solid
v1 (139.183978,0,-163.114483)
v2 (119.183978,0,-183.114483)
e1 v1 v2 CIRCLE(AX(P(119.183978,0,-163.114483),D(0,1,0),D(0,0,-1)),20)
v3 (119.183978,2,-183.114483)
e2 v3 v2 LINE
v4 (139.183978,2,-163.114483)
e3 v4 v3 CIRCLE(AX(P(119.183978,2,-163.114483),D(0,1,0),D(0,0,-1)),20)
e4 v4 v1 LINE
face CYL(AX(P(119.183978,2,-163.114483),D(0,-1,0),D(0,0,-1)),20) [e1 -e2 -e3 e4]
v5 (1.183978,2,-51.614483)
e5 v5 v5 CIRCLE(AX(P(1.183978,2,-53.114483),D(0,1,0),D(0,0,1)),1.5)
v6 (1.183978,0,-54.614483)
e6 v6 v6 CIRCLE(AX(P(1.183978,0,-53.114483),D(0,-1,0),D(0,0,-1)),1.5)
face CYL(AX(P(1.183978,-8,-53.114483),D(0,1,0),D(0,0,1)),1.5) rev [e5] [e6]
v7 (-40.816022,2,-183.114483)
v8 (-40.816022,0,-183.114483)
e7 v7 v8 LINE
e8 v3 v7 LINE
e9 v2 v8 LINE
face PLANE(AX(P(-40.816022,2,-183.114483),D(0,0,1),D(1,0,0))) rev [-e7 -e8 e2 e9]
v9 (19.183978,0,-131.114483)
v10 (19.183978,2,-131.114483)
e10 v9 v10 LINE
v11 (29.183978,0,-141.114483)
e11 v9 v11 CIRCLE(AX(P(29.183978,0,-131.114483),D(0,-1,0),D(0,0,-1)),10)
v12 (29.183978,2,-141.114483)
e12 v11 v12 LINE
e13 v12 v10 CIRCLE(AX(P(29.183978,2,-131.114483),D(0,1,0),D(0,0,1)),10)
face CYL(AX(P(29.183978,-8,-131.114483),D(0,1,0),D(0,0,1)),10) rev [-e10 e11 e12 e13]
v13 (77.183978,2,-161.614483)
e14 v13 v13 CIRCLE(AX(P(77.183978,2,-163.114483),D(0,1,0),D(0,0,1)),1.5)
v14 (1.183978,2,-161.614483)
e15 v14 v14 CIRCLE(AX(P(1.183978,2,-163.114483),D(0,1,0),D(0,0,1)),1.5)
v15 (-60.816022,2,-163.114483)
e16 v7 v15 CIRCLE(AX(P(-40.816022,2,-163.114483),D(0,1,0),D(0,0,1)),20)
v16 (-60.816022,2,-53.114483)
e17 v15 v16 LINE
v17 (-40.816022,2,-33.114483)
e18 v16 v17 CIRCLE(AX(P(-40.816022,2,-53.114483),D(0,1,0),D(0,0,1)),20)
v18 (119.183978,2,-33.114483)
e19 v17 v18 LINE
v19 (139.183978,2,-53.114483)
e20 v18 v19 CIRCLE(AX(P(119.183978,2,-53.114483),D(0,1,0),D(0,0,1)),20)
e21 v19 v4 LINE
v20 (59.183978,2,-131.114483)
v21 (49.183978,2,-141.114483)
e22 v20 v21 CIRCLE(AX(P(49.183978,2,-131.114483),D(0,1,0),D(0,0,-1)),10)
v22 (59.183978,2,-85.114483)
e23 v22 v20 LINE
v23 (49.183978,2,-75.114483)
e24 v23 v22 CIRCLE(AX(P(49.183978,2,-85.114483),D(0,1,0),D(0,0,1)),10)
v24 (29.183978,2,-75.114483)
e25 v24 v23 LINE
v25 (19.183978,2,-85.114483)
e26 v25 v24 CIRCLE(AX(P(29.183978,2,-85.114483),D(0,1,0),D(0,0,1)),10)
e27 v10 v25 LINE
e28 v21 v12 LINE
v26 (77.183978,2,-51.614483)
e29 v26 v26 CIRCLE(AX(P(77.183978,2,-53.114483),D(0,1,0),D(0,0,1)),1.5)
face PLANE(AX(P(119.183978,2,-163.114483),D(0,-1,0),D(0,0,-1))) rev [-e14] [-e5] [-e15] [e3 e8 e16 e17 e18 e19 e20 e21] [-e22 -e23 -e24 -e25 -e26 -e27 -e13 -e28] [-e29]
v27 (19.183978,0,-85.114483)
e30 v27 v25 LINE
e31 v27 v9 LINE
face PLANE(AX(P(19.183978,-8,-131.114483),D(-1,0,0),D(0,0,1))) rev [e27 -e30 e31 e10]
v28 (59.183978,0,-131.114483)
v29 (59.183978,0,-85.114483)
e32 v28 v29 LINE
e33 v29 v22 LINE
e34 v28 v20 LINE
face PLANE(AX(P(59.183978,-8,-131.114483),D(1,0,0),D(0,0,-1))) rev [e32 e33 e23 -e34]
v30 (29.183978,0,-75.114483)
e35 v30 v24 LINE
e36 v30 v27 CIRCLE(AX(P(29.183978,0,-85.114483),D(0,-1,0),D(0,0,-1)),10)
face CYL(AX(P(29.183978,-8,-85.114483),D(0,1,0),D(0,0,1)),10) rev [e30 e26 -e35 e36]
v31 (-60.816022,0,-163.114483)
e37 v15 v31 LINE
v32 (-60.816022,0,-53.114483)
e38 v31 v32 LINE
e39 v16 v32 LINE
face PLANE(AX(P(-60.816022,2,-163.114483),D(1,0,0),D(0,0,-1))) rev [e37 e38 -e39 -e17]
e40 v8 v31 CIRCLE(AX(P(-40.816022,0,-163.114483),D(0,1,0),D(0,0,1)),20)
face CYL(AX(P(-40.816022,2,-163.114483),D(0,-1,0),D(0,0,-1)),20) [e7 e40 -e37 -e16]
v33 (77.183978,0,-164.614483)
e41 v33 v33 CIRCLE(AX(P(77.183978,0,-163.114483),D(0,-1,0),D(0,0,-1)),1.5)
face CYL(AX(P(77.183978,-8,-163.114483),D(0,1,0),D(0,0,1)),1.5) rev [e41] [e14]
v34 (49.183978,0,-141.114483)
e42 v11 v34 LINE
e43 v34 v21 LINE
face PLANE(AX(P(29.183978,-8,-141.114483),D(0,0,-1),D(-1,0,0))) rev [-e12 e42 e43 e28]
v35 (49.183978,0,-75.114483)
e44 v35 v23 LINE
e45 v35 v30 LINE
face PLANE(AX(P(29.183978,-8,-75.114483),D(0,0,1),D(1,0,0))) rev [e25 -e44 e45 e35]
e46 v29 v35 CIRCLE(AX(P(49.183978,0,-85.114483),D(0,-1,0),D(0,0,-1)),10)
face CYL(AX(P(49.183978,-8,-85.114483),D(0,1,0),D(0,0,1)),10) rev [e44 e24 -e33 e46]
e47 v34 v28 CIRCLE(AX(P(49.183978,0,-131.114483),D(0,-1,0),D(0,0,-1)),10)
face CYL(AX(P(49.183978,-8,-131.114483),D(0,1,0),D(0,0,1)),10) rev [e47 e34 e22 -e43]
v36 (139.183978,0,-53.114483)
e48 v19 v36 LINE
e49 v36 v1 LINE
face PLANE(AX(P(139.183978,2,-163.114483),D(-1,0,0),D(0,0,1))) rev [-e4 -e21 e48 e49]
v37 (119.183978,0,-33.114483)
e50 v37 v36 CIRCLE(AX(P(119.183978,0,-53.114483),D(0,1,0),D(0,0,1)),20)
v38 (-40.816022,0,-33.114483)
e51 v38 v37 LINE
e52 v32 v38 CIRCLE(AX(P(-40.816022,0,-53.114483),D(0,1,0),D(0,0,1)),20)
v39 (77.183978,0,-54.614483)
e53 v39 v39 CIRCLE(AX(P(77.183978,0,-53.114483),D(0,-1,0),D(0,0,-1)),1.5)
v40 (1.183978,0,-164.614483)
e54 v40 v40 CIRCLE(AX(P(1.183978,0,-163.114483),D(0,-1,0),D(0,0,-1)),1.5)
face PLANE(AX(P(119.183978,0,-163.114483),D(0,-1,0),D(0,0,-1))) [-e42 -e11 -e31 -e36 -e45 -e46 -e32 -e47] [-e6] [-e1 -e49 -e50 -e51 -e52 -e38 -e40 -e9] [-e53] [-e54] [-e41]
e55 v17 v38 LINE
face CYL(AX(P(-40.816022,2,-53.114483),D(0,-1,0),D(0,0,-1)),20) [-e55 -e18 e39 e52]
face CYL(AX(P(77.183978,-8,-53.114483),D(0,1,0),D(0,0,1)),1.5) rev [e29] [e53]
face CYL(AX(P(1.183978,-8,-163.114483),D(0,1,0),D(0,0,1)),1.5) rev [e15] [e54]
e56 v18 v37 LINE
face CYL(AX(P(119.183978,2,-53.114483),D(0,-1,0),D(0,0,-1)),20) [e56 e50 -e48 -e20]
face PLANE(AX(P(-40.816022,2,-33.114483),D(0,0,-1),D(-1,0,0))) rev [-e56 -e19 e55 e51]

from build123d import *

# Parameters (mm, degrees)
RESSALTO_EXTRUS_O1_DEPTH = 2
ESBO_O2_R                = 1.5
CORTE_EXTRUS_O1_DEPTH    = 10
CORTE_EXTRUS_O2_DEPTH    = 10


with BuildPart() as part:
    # Esboço1 → Ressalto-extrusão1 (new body)
    with BuildSketch(Plane(origin=(0, 0, 0), x_dir=(1, 0, 0), z_dir=(0, 1, 0))):
        with BuildLine():
            Line((-40.816022398, 183.1144834), (119.183977602, 183.1144834))
            ThreePointArc((119.183977602, 183.1144834), (133.326113225, 177.256619024), (139.183977602, 163.1144834))
            Line((139.183977602, 163.1144834), (139.183977602, 53.1144834))
            ThreePointArc((139.183977602, 53.1144834), (133.326113225, 38.972347776), (119.183977602, 33.1144834))
            Line((119.183977602, 33.1144834), (-40.816022398, 33.1144834))
            ThreePointArc((-40.816022398, 33.1144834), (-54.958158022, 38.972347776), (-60.816022398, 53.1144834))
            Line((-60.816022398, 53.1144834), (-60.816022398, 163.1144834))
            ThreePointArc((-60.816022398, 163.1144834), (-54.958158022, 177.256619024), (-40.816022398, 183.1144834))
        make_face()
    extrude(amount=RESSALTO_EXTRUS_O1_DEPTH)

    # Esboço2 → Corte-extrusão1 (cut)
    with BuildSketch(Plane(origin=(0, 2, 0), x_dir=(1, 0, 0), z_dir=(0, 1, 0))):
        with Locations(Location((1.183977602, 163.1144834, 0), (0, 0, 270))):
            Circle(ESBO_O2_R)
        with Locations(Location((77.183977602, 163.1144834, 0), (0, 0, 270))):
            Circle(ESBO_O2_R)
        with Locations(Location((77.183977602, 53.1144834, 0), (0, 0, 270))):
            Circle(ESBO_O2_R)
        with Locations(Location((1.183977602, 53.1144834, 0), (0, 0, 270))):
            Circle(ESBO_O2_R)
    extrude(amount=-CORTE_EXTRUS_O1_DEPTH, mode=Mode.SUBTRACT)

    # Esboço3 → Corte-extrusão2 (cut)
    with BuildSketch(Plane(origin=(0, 2, 0), x_dir=(1, 0, 0), z_dir=(0, 1, 0))):
        with BuildLine():
            Line((29.183977602, 141.1144834), (49.183977602, 141.1144834))
            ThreePointArc((49.183977602, 141.1144834), (56.255045413, 138.185551212), (59.183977602, 131.1144834))
            Line((59.183977602, 131.1144834), (59.183977602, 85.1144834))
            ThreePointArc((59.183977602, 85.1144834), (56.255045413, 78.043415588), (49.183977602, 75.1144834))
            Line((49.183977602, 75.1144834), (29.183977602, 75.1144834))
            ThreePointArc((29.183977602, 75.1144834), (22.11290979, 78.043415588), (19.183977602, 85.1144834))
            Line((19.183977602, 85.1144834), (19.183977602, 131.1144834))
            ThreePointArc((19.183977602, 131.1144834), (22.11290979, 138.185551212), (29.183977602, 141.1144834))
        make_face()
    extrude(amount=-CORTE_EXTRUS_O2_DEPTH, mode=Mode.SUBTRACT)


solid = part.part
